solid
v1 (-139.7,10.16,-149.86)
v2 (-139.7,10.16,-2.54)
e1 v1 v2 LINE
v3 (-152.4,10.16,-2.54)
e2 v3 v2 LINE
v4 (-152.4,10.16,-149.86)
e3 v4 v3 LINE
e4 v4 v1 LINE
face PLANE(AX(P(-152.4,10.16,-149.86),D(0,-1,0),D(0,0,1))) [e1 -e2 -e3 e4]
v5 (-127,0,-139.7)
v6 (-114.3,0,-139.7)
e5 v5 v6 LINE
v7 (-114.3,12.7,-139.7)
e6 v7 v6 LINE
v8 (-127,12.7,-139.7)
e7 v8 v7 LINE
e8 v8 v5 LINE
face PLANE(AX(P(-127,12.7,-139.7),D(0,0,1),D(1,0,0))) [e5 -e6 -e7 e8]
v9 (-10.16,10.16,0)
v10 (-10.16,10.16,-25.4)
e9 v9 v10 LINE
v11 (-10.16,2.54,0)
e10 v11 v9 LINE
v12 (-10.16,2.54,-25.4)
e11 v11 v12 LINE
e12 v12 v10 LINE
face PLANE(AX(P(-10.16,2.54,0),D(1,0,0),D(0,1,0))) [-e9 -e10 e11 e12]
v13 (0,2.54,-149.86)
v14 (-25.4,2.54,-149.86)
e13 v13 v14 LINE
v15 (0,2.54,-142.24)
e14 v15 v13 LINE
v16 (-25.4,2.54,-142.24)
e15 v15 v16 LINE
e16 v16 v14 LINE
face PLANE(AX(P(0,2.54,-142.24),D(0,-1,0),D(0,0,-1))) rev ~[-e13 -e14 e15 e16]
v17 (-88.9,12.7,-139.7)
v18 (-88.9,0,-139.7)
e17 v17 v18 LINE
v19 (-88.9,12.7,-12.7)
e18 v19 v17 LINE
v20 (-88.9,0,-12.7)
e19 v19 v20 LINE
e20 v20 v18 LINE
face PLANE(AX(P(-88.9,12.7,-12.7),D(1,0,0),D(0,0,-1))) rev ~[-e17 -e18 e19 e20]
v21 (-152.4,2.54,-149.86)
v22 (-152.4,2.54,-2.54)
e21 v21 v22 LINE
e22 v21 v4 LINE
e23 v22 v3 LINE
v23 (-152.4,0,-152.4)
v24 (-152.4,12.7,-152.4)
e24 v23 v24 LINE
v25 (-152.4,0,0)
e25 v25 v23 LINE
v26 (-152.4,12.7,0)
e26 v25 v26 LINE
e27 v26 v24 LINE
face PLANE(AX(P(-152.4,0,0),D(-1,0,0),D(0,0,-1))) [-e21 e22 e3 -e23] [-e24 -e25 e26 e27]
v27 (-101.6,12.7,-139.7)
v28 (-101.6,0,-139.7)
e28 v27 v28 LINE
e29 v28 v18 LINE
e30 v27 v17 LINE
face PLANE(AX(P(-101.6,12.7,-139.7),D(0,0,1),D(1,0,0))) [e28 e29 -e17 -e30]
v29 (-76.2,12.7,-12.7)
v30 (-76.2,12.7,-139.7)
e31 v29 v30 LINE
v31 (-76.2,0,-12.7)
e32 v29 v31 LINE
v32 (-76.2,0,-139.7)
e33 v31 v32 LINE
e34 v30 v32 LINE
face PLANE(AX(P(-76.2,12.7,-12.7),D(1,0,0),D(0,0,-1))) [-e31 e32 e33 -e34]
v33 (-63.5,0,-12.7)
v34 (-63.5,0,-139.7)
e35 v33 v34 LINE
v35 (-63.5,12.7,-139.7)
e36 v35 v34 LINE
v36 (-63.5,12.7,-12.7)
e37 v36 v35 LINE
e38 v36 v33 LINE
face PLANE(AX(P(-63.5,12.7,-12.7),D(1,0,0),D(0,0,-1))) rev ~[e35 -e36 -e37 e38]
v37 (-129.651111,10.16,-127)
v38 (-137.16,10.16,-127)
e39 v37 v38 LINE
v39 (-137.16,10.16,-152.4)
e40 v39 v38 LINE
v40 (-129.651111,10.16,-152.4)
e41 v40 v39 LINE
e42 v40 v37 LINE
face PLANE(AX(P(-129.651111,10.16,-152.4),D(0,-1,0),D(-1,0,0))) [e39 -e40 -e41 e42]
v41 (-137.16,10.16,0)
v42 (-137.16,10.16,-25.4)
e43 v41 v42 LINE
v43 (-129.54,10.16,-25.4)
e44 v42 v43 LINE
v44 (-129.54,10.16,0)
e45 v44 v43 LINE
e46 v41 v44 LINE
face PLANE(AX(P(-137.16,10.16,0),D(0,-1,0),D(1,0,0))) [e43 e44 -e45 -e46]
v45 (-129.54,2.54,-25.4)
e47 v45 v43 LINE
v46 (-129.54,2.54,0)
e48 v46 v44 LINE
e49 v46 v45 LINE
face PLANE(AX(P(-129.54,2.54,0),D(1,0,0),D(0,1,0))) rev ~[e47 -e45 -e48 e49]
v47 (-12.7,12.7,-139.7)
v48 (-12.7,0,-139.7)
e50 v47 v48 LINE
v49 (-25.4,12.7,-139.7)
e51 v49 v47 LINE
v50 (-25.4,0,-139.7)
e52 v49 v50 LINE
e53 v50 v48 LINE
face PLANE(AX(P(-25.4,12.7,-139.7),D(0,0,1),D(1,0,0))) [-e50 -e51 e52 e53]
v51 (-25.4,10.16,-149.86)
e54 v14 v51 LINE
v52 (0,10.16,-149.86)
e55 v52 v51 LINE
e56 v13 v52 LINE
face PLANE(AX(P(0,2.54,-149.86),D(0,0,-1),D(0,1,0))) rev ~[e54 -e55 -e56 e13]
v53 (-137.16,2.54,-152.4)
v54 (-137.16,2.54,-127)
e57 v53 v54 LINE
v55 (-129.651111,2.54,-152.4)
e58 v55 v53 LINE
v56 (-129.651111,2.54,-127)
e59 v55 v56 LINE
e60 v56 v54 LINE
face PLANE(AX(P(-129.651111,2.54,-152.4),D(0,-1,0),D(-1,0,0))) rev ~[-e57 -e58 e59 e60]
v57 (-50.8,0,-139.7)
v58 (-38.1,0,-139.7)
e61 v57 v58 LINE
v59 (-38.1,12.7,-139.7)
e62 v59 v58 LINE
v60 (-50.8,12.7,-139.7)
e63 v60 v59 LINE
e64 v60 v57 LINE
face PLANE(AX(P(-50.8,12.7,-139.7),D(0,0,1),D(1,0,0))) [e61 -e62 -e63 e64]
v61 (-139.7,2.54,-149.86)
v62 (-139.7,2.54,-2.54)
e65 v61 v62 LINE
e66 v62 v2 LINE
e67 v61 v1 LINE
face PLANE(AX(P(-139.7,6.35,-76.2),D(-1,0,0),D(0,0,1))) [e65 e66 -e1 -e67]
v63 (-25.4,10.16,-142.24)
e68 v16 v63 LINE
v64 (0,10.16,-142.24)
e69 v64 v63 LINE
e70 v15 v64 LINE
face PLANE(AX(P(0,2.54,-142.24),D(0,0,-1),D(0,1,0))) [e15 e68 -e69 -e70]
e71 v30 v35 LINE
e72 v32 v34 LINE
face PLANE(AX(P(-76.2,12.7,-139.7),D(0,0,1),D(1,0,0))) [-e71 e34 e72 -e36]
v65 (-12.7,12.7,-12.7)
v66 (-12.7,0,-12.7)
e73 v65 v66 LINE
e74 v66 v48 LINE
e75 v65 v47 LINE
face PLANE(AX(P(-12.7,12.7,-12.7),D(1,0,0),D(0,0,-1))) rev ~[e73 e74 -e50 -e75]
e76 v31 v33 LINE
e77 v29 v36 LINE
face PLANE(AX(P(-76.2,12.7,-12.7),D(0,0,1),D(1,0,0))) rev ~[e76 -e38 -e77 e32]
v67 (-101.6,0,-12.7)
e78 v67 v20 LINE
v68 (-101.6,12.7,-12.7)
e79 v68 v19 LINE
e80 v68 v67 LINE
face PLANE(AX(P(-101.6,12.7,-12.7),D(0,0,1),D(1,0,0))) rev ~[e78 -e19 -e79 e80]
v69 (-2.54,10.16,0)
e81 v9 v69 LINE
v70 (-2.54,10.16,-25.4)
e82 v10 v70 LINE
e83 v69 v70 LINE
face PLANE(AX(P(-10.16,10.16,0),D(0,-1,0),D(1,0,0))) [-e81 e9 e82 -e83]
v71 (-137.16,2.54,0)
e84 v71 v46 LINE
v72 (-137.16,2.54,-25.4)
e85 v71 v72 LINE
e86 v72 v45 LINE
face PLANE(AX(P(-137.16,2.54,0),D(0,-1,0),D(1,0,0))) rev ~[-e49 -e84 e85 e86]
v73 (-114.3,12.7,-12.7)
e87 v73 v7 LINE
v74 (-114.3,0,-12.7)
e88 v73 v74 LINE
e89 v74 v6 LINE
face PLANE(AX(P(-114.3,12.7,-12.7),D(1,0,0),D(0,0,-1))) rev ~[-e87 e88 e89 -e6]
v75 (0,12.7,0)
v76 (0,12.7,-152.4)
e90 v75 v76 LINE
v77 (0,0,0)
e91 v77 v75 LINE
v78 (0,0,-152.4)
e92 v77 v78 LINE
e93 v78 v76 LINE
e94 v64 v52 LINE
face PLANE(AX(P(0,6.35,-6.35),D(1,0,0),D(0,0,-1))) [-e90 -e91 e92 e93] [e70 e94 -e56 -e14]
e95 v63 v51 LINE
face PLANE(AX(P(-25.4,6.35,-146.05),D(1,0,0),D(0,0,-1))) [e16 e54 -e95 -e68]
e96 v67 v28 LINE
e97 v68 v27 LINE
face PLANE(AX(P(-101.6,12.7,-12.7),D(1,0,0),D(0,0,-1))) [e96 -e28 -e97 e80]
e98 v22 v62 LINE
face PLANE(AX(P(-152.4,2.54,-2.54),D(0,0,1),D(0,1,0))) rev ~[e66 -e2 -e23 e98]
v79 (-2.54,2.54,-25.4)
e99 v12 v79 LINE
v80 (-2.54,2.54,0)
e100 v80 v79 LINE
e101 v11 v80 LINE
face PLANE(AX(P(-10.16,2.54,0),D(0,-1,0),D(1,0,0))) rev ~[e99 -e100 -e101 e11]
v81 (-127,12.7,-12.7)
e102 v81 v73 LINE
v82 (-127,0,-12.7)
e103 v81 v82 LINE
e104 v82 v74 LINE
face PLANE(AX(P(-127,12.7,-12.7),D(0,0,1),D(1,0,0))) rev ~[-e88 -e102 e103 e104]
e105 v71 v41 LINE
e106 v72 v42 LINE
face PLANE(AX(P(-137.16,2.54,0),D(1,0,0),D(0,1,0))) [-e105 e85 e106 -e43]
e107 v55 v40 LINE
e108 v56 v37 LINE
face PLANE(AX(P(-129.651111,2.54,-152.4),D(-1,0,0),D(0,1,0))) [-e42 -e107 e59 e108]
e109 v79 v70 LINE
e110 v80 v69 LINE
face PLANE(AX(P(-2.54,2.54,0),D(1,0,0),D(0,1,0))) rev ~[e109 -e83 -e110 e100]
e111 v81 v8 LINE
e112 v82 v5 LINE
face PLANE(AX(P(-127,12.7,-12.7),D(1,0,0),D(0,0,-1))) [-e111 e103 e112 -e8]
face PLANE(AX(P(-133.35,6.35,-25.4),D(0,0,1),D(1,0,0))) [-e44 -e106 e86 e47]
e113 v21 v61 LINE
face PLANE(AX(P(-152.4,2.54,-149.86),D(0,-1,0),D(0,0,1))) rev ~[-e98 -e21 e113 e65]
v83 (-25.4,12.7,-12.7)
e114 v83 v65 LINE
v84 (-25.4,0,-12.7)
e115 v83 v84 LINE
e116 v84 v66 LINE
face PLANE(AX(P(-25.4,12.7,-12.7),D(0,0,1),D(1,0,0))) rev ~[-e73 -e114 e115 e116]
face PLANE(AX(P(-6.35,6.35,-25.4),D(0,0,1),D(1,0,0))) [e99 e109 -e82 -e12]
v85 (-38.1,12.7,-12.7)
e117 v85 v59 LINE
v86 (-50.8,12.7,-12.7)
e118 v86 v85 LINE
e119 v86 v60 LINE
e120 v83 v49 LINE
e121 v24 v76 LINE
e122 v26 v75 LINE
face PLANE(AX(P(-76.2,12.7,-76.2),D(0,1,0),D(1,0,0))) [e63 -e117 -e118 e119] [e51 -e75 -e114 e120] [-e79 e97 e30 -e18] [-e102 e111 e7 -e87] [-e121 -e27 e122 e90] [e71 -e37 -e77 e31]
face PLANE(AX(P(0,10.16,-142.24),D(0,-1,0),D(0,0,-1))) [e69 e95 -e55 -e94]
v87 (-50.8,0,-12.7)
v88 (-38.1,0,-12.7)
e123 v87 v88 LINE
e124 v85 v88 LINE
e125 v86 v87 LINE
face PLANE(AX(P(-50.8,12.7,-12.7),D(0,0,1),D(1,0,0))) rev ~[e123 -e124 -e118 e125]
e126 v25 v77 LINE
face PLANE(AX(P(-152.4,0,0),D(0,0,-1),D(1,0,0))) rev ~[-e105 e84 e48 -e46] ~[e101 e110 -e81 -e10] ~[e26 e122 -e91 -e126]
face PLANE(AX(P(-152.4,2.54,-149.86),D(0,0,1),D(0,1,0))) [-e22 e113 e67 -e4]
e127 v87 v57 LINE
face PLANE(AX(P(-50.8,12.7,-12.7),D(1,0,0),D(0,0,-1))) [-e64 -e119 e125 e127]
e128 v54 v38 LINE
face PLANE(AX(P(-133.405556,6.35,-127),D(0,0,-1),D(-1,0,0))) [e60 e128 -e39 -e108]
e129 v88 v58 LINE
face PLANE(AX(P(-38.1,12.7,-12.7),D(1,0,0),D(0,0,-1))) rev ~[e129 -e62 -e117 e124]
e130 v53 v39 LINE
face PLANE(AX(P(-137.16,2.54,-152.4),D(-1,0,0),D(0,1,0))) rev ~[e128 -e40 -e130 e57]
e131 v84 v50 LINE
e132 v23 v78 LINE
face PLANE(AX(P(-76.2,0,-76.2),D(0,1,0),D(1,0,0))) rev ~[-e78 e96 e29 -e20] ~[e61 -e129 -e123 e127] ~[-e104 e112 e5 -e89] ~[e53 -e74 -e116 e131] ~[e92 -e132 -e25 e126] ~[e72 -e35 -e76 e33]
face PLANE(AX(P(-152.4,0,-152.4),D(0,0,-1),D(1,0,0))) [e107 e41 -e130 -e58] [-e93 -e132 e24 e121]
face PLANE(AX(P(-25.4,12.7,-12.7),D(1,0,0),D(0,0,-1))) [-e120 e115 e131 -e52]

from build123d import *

# Parameters (mm, degrees)
SKETCH3_W           = 152.4
SKETCH3_H           = 152.4
BOSS_EXTRUDE1_DEPTH = 12.7
SKETCH5_W           = 147.32
SKETCH5_H           = 7.62
CUT_EXTRUDE1_DEPTH  = 12.7
SKETCH6_W           = 12.7
SKETCH6_H           = 127
CUT_EXTRUDE3_DEPTH  = 12.7
SKETCH8_W           = 7.62
SKETCH8_H           = 7.62
CUT_EXTRUDE4_DEPTH  = 25.4
SKETCH9_W           = 7.62
SKETCH9_H           = 7.62
CUT_EXTRUDE5_DEPTH  = 25.4
SKETCH10_W          = 7.508888552
SKETCH10_H          = 7.62
CUT_EXTRUDE6_DEPTH  = 25.4
SKETCH11_W          = 7.62
SKETCH11_H          = 7.62
BOSS_EXTRUDE3_DEPTH = 25.4
SKETCH12_W          = 7.62
SKETCH12_H          = 7.62
CUT_EXTRUDE7_DEPTH  = 25.4


with BuildPart() as part:
    # Sketch3 → Boss-Extrude1 (new body)
    with BuildSketch(Plane(origin=(0, 0, 0), x_dir=(1, 0, 0), z_dir=(0, 1, 0))):
        with Locations((-76.2, 76.2)):
            Rectangle(SKETCH3_W, SKETCH3_H)
    extrude(amount=BOSS_EXTRUDE1_DEPTH)

    # Sketch5 → Cut-Extrude1 (cut)
    with BuildSketch(Plane.ZY.offset(152.4)):
        with Locations((-76.2, 6.35)):
            Rectangle(SKETCH5_W, SKETCH5_H)
    extrude(amount=-CUT_EXTRUDE1_DEPTH, mode=Mode.SUBTRACT)

    # Sketch6 → Cut-Extrude3 (cut)
    with BuildSketch(Plane(origin=(0, 12.7, 0), x_dir=(1, 0, 0), z_dir=(0, 1, 0))):
        with Locations((-120.65, 76.2)):
            Rectangle(SKETCH6_W, SKETCH6_H)
        with Locations((-95.25, 76.2)):
            Rectangle(SKETCH6_W, SKETCH6_H)
        with Locations((-69.85, 76.2)):
            Rectangle(SKETCH6_W, SKETCH6_H)
        with Locations((-44.45, 76.2)):
            Rectangle(SKETCH6_W, SKETCH6_H)
        with Locations((-19.05, 76.2)):
            Rectangle(SKETCH6_W, SKETCH6_H)
    extrude(amount=-CUT_EXTRUDE3_DEPTH, mode=Mode.SUBTRACT)

    # Sketch8 → Cut-Extrude4 (cut)
    with BuildSketch(Plane(origin=(0, 0, 0), x_dir=(0, 0, -1), z_dir=(1, 0, 0))):
        with Locations((146.05, 6.35)):
            Rectangle(SKETCH8_W, SKETCH8_H)
        with Locations((6.35, 6.35)):
            Rectangle(SKETCH8_W, SKETCH8_H)
    extrude(amount=-CUT_EXTRUDE4_DEPTH, mode=Mode.SUBTRACT)

    # Sketch9 → Cut-Extrude5 (cut)
    with BuildSketch(Plane.XY):
        with Locations((-133.35, 6.35)):
            Rectangle(SKETCH9_W, SKETCH9_H)
    extrude(amount=-CUT_EXTRUDE5_DEPTH, mode=Mode.SUBTRACT)

    # Sketch10 → Cut-Extrude6 (cut)
    with BuildSketch(Plane(origin=(0, 0, -152.4), x_dir=(-1, 0, 0), z_dir=(0, 0, -1))):
        with Locations((133.405555724, 6.35)):
            Rectangle(SKETCH10_W, SKETCH10_H)
    extrude(amount=-CUT_EXTRUDE6_DEPTH, mode=Mode.SUBTRACT)

    # Sketch11 → Boss-Extrude3 (add)
    with BuildSketch(Plane(origin=(-25.4, 0, 0), x_dir=(0, 0, -1), z_dir=(1, 0, 0))):
        with Locations((6.35, 6.35)):
            Rectangle(SKETCH11_W, SKETCH11_H)
    extrude(amount=BOSS_EXTRUDE3_DEPTH)

    # Sketch12 → Cut-Extrude7 (cut)
    with BuildSketch(Plane.XY):
        with Locations((-6.35, 6.35)):
            Rectangle(SKETCH12_W, SKETCH12_H)
    extrude(amount=-CUT_EXTRUDE7_DEPTH, mode=Mode.SUBTRACT)


solid = part.part
